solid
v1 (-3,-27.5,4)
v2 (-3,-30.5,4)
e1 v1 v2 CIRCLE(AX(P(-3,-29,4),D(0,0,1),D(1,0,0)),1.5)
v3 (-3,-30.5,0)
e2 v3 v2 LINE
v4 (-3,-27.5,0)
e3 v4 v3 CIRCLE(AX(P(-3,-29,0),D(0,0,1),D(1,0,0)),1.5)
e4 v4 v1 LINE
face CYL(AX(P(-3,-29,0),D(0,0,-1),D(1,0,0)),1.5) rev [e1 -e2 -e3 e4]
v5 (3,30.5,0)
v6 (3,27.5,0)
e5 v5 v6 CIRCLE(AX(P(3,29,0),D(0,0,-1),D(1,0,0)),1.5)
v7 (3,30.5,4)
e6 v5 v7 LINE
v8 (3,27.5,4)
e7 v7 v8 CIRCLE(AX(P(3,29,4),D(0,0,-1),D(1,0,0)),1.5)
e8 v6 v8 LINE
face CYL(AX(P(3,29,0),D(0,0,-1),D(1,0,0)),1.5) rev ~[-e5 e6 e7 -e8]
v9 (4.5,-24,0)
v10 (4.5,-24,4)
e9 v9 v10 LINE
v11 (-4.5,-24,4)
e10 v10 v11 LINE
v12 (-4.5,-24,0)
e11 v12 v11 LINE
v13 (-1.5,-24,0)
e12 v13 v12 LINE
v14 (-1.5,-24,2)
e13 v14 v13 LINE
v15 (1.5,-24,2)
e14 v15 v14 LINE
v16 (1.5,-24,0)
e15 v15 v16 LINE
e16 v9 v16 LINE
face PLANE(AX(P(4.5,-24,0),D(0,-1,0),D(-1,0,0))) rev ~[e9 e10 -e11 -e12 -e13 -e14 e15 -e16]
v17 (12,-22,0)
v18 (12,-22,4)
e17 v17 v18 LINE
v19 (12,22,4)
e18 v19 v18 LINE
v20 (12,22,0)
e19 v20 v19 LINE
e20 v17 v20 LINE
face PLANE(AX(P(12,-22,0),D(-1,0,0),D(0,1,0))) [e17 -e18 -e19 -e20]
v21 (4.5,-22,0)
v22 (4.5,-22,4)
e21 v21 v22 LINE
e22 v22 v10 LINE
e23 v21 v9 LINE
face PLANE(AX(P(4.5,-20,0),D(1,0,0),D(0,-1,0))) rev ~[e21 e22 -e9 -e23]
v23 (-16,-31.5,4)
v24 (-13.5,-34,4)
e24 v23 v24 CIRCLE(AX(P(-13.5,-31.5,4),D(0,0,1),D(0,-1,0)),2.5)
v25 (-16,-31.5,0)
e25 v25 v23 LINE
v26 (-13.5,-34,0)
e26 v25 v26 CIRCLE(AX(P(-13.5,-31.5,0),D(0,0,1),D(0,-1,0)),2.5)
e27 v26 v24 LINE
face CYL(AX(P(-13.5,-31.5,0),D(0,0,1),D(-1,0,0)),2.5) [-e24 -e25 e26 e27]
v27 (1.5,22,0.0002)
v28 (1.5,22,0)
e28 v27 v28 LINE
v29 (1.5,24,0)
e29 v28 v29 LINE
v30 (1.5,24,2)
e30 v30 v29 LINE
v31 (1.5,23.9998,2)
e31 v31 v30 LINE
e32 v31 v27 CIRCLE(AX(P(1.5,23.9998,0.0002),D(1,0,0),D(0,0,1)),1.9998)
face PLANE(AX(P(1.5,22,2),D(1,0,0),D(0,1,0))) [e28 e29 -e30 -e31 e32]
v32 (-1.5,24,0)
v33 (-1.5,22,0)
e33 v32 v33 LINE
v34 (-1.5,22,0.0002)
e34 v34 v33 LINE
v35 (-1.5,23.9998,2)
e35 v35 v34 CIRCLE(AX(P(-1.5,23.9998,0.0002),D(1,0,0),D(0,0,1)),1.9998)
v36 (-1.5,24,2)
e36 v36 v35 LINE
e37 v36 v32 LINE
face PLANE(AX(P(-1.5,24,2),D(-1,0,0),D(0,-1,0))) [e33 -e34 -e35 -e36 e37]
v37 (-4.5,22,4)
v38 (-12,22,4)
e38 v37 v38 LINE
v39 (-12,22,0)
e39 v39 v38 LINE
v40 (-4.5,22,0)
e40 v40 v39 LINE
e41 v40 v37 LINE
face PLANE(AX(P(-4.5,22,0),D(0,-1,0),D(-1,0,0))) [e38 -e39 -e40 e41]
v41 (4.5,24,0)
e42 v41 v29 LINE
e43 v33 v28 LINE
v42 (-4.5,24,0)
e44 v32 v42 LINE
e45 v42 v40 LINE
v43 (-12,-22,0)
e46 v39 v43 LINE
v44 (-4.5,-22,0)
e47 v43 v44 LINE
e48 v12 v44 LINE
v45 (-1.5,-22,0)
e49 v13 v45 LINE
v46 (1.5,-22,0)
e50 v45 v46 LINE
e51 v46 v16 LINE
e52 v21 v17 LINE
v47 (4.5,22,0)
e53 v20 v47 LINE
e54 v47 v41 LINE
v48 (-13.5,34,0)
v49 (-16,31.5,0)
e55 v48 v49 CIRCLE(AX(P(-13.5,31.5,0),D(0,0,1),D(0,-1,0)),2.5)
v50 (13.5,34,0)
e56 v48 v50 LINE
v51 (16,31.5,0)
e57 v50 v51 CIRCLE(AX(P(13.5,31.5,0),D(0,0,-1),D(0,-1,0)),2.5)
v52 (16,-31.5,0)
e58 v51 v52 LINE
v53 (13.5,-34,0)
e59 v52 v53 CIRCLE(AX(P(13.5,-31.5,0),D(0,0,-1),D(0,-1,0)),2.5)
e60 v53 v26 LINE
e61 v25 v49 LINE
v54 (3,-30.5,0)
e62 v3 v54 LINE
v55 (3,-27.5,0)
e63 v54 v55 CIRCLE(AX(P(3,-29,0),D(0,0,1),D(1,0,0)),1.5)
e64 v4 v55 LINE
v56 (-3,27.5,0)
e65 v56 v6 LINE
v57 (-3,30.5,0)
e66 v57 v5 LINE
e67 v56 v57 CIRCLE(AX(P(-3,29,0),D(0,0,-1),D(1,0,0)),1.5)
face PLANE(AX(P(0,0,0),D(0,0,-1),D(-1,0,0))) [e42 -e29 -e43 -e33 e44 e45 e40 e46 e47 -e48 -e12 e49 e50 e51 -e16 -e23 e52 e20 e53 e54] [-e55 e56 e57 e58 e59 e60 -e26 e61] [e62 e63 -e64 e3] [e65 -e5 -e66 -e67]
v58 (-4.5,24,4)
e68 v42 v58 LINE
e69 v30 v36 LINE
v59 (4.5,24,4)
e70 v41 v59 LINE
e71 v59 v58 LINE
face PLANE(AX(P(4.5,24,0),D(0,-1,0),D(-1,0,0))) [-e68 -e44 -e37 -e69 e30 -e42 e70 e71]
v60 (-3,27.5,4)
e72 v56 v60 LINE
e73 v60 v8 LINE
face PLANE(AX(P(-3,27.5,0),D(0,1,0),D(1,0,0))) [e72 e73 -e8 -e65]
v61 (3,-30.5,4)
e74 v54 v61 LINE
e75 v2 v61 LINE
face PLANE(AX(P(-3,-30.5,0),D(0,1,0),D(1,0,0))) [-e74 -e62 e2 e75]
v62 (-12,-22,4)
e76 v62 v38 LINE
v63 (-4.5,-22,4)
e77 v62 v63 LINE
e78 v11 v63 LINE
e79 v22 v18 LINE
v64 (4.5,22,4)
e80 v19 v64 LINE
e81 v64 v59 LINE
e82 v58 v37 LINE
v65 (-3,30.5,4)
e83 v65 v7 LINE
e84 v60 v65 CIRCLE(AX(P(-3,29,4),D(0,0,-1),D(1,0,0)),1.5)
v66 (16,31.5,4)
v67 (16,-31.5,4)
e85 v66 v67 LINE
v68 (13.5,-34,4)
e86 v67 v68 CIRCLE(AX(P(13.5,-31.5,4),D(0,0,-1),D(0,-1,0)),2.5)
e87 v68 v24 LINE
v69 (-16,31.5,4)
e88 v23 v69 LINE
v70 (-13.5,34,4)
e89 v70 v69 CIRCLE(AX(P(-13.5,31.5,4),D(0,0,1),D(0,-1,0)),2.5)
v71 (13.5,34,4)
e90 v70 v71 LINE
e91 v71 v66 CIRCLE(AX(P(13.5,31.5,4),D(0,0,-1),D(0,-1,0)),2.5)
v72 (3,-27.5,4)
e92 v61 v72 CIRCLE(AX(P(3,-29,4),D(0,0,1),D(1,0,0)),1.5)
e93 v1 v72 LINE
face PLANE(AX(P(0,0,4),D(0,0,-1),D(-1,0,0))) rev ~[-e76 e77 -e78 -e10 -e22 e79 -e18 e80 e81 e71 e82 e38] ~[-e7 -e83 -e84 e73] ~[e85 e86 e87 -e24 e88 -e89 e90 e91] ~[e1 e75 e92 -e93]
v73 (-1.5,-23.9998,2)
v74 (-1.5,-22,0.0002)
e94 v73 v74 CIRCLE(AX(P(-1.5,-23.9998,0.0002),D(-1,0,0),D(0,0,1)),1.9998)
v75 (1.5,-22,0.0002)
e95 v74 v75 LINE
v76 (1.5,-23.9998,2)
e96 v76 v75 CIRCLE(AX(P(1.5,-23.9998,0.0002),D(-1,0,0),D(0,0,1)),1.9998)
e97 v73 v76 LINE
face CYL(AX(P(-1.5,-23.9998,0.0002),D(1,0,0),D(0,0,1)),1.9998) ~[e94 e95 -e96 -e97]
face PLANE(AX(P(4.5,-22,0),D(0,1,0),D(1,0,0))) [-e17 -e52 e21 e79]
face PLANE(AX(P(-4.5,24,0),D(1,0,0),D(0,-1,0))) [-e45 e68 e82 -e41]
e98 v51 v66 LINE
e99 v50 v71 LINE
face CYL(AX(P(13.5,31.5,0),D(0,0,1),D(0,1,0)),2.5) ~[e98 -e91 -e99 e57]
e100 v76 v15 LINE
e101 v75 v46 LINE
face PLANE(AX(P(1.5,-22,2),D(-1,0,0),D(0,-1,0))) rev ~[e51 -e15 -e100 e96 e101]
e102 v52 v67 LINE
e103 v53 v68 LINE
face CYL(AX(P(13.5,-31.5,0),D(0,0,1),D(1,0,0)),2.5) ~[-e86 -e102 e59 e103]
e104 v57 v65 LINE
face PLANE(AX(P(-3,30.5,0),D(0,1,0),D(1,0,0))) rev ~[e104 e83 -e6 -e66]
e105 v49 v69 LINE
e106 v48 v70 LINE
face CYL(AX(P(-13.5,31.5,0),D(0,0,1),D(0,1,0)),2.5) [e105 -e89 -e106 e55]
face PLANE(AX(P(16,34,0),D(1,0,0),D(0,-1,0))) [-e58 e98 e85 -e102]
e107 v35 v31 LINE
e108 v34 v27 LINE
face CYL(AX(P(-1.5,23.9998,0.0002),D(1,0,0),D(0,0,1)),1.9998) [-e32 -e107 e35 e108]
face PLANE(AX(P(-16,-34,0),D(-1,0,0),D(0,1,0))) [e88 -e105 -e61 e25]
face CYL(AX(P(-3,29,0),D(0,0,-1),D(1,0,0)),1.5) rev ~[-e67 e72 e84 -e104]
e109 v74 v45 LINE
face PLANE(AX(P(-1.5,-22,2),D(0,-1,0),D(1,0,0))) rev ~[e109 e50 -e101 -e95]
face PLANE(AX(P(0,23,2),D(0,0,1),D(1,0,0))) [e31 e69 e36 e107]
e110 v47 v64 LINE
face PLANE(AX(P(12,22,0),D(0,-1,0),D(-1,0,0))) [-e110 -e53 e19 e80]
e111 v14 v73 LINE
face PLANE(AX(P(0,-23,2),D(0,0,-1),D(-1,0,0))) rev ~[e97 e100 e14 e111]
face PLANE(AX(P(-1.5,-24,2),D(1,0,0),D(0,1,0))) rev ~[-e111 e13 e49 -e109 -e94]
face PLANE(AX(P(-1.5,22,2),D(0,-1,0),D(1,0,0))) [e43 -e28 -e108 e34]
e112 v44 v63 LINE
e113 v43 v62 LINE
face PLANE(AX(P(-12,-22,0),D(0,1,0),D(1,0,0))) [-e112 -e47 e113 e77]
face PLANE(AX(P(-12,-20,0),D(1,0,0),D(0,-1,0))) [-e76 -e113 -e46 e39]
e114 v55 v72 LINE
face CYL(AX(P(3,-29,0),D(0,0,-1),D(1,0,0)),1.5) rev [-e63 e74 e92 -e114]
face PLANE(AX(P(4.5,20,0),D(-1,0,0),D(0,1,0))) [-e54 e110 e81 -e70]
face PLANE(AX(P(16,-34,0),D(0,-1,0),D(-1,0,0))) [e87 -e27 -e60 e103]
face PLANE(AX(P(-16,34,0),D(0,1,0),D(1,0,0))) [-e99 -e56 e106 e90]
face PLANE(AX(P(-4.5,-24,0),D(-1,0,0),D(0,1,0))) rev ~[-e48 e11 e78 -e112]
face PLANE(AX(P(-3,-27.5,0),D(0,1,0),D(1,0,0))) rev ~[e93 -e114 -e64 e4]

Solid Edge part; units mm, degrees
sketch "Sketch1" plane through (0, 0, 0) normal (0, 0, 1) x (1, 0, 0)
  line L0 (-16, 34) -> (16, 34)
  line L1 (16, 34) -> (16, -34)
  line L2 (16, -34) -> (-16, -34)
  line L3 (-16, -34) -> (-16, 34)
  line L4 (-3, 27.5) -> (3, 27.5)
  line L5 (-3, 30.5) -> (3, 30.5)
  arc A0 (3, 30.5) -> (3, 27.5) centre (3, 29) cw
  arc A1 (-3, 27.5) -> (-3, 30.5) centre (-3, 29) cw
  arc A2 (3, -30.5) -> (3, -27.5) centre (3, -29) ccw
  line L6 (-3, -27.5) -> (3, -27.5)
  arc A3 (-3, -27.5) -> (-3, -30.5) centre (-3, -29) ccw
  line L7 (-3, -30.5) -> (3, -30.5)
  line L8 (-12, 20) -> (12, 20)
  line L9 (12, -20) -> (12, 20)
  line L10 (12, -20) -> (-12, -20)
  line L11 (-12, 20) -> (-12, -20)
extrude "Protrusion1" add sketch "Sketch1" along normal blind 4
sketch "Sketch2" plane through (0, 0, 0) normal (0, 0, 1) x (1, 0, 0)
  line L0 (4.5, 24) -> (-4.5, 24)
  line L1 (-4.5, 24) -> (-4.5, 20)
  line L2 (-4.5, 20) -> (4.5, 20)
  line L3 (4.5, 20) -> (4.5, 24)
extrude "ExtrudedCutout_3" cut sketch "Sketch2" along normal blind 4
fillet "Round_2" radius 2.5 4 edges at (16, 34, 2) (-16, 34, 2) (-16, -34, 2) (16, -34, 2)
sketch "Sketch3" plane through (0, 0, 0) normal (0, 0, 1) x (1, 0, 0)
  line L0 (4.5, -24) -> (-4.5, -24)
  line L1 (-4.5, -24) -> (-4.5, -20)
  line L2 (-4.5, -20) -> (4.5, -20)
  line L3 (4.5, -20) -> (4.5, -24)
extrude "ExtrudedCutout_6" cut sketch "Sketch3" along normal blind 17.8081
sketch "Sketch4" plane through (0, 0, 0) normal (0, 0, -1) x (-1, 0, 0)
  line L0 (4.5, 22) -> (12, 22)
  line L1 (12, 22) -> (12, 20)
  line L2 (12, 20) -> (4.5, 20)
  line L3 (4.5, 20) -> (4.5, 22)
  line L4 (-12, 22) -> (-4.5, 22)
  line L5 (-4.5, 22) -> (-4.5, 20)
  line L6 (-4.5, 20) -> (-12, 20)
  line L7 (-12, 20) -> (-12, 22)
  line L8 (12, -22) -> (4.5, -22)
  line L9 (4.5, -22) -> (4.5, -20)
  line L10 (4.5, -20) -> (12, -20)
  line L11 (12, -20) -> (12, -22)
  line L12 (-12, -20) -> (-4.5, -20)
  line L13 (-4.5, -20) -> (-4.5, -22)
  line L14 (-4.5, -22) -> (-12, -22)
  line L15 (-12, -22) -> (-12, -20)
extrude "ExtrudedCutout_7" cut sketch "Sketch4" against normal blind 14.5789
sketch "Sketch5" plane through (-4.5, 22, 2) normal (0, 0, 1) x (1, 0, 0)
  line L0 (3, 0) -> (6, 0)
  line L1 (6, 0) -> (6, 2)
  line L2 (6, 2) -> (3, 2)
  line L3 (3, 2) -> (3, 0)
  line L4 (3, -44) -> (6, -44)
  line L5 (6, -44) -> (6, -46)
  line L6 (6, -46) -> (3, -46)
  line L7 (3, -46) -> (3, -44)
extrude "Protrusion2" add sketch "Sketch5" against normal up to vertex (2 mm away)
fillet "Round_4" radius 2 2 edges at (0, 22, 2) (0, -22, 2)
